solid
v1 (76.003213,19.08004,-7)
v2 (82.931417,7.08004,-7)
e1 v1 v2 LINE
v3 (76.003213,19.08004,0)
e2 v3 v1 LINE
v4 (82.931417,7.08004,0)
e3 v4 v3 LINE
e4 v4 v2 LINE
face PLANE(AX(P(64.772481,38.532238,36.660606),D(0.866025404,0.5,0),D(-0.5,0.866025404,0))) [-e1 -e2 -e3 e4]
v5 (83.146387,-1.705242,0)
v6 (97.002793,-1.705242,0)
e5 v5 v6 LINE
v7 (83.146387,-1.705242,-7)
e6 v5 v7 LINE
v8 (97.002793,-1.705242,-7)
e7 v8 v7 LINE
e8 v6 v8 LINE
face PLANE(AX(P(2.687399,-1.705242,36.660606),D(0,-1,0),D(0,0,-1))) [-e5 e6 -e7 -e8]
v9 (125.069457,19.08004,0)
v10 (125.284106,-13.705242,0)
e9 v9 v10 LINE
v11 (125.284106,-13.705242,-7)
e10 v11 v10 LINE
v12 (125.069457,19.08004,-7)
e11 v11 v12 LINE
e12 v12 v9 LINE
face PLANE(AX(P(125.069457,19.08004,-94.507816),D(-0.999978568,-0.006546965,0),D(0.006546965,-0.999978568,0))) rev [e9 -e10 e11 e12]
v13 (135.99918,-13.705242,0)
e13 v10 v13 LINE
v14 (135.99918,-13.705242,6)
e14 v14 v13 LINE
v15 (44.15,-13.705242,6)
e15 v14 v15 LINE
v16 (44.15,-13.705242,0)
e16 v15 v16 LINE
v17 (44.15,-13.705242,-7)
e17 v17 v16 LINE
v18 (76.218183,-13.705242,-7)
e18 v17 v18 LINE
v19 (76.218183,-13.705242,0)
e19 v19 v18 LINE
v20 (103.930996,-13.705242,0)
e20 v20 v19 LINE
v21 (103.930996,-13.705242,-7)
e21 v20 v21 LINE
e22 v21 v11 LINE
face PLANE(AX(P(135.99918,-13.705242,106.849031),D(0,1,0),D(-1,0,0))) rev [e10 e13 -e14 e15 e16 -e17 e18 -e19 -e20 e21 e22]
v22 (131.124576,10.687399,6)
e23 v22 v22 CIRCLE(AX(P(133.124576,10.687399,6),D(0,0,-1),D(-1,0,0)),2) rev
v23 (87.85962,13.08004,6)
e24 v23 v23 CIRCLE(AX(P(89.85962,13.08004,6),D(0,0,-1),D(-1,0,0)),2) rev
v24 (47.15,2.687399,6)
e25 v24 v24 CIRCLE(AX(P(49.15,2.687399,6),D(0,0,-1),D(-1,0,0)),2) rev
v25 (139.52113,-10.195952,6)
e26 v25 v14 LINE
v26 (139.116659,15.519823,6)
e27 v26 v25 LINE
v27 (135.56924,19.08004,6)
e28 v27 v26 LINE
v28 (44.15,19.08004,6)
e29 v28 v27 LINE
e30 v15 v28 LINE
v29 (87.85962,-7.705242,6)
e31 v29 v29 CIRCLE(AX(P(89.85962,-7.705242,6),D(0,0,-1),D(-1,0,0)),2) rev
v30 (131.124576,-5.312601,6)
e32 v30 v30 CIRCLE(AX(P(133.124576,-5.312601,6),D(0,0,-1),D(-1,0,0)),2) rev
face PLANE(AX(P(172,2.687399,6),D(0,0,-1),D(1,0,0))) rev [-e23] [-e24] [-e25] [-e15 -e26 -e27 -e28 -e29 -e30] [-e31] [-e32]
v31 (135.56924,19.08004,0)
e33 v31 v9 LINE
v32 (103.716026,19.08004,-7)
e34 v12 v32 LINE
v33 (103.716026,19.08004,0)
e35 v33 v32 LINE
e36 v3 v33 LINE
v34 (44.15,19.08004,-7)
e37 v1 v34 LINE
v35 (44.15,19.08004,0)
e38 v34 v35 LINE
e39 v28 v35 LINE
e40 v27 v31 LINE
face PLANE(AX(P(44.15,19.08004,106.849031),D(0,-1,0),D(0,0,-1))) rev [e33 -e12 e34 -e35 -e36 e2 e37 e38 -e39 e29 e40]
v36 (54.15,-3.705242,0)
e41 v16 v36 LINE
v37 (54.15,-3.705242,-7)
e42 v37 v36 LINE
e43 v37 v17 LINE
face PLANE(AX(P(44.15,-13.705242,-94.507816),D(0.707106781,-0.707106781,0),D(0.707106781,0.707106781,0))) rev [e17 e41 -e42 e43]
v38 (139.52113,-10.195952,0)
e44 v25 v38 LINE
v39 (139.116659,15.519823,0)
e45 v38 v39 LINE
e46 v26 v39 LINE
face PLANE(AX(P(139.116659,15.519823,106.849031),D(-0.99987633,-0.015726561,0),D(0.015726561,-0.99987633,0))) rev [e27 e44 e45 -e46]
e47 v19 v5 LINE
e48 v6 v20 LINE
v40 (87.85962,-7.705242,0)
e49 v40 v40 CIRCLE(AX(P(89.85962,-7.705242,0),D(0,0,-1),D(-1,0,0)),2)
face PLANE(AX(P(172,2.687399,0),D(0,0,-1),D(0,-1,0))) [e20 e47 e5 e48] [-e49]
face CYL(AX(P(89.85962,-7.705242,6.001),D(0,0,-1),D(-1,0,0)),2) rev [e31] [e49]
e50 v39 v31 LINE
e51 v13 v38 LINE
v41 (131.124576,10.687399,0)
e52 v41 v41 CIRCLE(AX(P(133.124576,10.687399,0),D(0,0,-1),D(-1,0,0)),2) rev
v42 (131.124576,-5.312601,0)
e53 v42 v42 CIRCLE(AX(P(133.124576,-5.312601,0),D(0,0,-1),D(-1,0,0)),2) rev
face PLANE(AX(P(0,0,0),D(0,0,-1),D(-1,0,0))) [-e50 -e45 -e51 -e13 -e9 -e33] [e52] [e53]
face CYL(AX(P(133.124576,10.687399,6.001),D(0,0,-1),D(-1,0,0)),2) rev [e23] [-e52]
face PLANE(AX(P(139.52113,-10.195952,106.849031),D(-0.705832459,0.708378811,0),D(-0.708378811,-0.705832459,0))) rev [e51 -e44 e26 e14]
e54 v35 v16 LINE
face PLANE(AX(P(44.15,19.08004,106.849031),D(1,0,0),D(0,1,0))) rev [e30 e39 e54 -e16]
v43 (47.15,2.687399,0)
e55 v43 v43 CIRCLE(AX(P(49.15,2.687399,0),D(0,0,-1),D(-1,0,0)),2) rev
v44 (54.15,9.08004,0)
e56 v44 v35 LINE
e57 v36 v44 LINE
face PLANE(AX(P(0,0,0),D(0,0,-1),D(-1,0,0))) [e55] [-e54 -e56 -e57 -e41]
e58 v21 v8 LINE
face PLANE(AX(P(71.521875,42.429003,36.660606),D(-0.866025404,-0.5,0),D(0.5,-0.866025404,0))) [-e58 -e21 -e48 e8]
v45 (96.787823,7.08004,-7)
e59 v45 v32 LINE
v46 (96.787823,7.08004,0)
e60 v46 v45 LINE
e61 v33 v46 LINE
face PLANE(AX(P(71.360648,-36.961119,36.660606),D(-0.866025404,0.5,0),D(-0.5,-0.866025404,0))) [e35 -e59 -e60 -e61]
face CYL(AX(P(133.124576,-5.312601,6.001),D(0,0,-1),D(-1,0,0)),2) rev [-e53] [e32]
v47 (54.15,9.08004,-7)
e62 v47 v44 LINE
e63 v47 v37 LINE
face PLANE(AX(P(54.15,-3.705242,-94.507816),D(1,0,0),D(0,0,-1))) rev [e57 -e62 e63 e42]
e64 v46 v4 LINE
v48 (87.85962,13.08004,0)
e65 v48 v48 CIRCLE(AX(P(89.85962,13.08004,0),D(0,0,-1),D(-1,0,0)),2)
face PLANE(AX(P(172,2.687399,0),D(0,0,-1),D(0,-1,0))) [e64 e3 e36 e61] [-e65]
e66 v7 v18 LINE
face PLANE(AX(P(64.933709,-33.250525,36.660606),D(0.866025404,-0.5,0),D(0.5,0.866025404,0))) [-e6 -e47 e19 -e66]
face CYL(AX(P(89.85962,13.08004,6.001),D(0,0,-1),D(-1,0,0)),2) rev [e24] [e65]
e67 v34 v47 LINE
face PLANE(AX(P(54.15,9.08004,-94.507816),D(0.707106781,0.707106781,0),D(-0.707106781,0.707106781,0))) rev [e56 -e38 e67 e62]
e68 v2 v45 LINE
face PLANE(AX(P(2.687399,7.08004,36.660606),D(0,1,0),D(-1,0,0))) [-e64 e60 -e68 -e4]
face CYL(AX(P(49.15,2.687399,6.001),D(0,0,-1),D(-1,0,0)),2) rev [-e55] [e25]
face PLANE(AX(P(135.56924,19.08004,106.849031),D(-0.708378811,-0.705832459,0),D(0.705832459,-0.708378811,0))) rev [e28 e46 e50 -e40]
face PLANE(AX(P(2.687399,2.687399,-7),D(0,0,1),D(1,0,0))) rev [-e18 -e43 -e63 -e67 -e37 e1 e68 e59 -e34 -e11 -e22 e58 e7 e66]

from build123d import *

# Parameters (mm, degrees)
BOSS_EXTRUDE1_DEPTH = 6
BOSS_EXTRUDE2_DEPTH = 7
CUT_EXTRUDE1_REACH  = 143.419
SKETCH3_R           = 2
CUT_EXTRUDE2_START  = -13
CUT_EXTRUDE2_DEPTH  = 7
CUT_EXTRUDE3_REACH  = 142.994
SKETCH5_R           = 2


with BuildPart() as part:
    # Sketch1 → Boss-Extrude1 (new body)
    with BuildSketch(Plane.XY):
        Polygon((44.15, 19.080039823), (135.5692396, 19.080039823), (139.116658887, 15.519822908), (139.521129618, -10.195951693), (135.999179687, -13.705241552), (44.15, -13.705241552), align=None)
    extrude(amount=BOSS_EXTRUDE1_DEPTH)

    # Sketch2 → Boss-Extrude2 (add)
    with BuildSketch(Plane(origin=(0, 0, 0), x_dir=(-1, 0, 0), z_dir=(0, 0, -1))):
        Polygon((-125.069457212, 19.080039823), (-125.284105894, -13.705241552), (-44.15, -13.705241552), (-54.15, -3.705241552), (-54.15, 9.080039823), (-44.15, 19.080039823), align=None)
    extrude(amount=BOSS_EXTRUDE2_DEPTH)

    # Sketch3 → Cut-Extrude1 (cut, up to next)
    with BuildSketch(Plane(origin=(0, 0, -7), x_dir=(-1, 0, 0), z_dir=(0, 0, -1)), mode=Mode.PRIVATE) as cut_extrude1_sk1:
        with Locations((-133.124576169, 10.687399136)):
            Circle(SKETCH3_R)
    cut_extrude1_tool1 = extrude(cut_extrude1_sk1.sketch, amount=-CUT_EXTRUDE1_REACH, mode=Mode.PRIVATE) & part.part
    # Sketch3 → Cut-Extrude1 (cut, up to next)
    with BuildSketch(Plane(origin=(0, 0, -7), x_dir=(-1, 0, 0), z_dir=(0, 0, -1)), mode=Mode.PRIVATE) as cut_extrude1_sk2:
        with Locations((-133.124576169, -5.312600864)):
            Circle(SKETCH3_R)
    cut_extrude1_tool2 = extrude(cut_extrude1_sk2.sketch, amount=-CUT_EXTRUDE1_REACH, mode=Mode.PRIVATE) & part.part
    # Sketch3 → Cut-Extrude1 (cut, up to next)
    with BuildSketch(Plane(origin=(0, 0, -7), x_dir=(-1, 0, 0), z_dir=(0, 0, -1)), mode=Mode.PRIVATE) as cut_extrude1_sk3:
        with Locations((-49.15, 2.687399136)):
            Circle(SKETCH3_R)
    cut_extrude1_tool3 = extrude(cut_extrude1_sk3.sketch, amount=-CUT_EXTRUDE1_REACH, mode=Mode.PRIVATE) & part.part
    add(cut_extrude1_tool1.solids().sort_by_distance((133.124576, 10.687399, -7))[0], mode=Mode.SUBTRACT)
    add(cut_extrude1_tool2.solids().sort_by_distance((133.124576, -5.312601, -7))[0], mode=Mode.SUBTRACT)
    add(cut_extrude1_tool3.solids().sort_by_distance((49.15, 2.687399, -7))[0], mode=Mode.SUBTRACT)

    # Sketch4 → Cut-Extrude2 (cut)
    with BuildSketch(Plane.XY.offset(6).offset(CUT_EXTRUDE2_START)):
        Polygon((76.218183383, -13.705241552), (83.146386613, -25.705241552), (97.002793074, -25.705241552), (103.930996304, -13.705241552), (97.002793074, -1.705241552), (83.146386613, -1.705241552), align=None)
        Polygon((76.003213339, 19.080039823), (82.93141657, 7.080039823), (96.78782303, 7.080039823), (103.71602626, 19.080039823), (96.78782303, 31.080039823), (82.93141657, 31.080039823), align=None)
    extrude(amount=CUT_EXTRUDE2_DEPTH, mode=Mode.SUBTRACT)

    # Sketch5 → Cut-Extrude3 (cut, up to next)
    with BuildSketch(Plane(origin=(0, 0, 0), x_dir=(-1, 0, 0), z_dir=(0, 0, -1)), mode=Mode.PRIVATE) as cut_extrude3_sk1:
        with Locations((-89.8596198, 13.080039823)):
            Circle(SKETCH5_R)
    cut_extrude3_tool1 = extrude(cut_extrude3_sk1.sketch, amount=-CUT_EXTRUDE3_REACH, mode=Mode.PRIVATE) & part.part
    # Sketch5 → Cut-Extrude3 (cut, up to next)
    with BuildSketch(Plane(origin=(0, 0, 0), x_dir=(-1, 0, 0), z_dir=(0, 0, -1)), mode=Mode.PRIVATE) as cut_extrude3_sk2:
        with Locations((-89.8596198, -7.705241552)):
            Circle(SKETCH5_R)
    cut_extrude3_tool2 = extrude(cut_extrude3_sk2.sketch, amount=-CUT_EXTRUDE3_REACH, mode=Mode.PRIVATE) & part.part
    add(cut_extrude3_tool1.solids().sort_by_distance((89.85962, 13.08004, 0))[0], mode=Mode.SUBTRACT)
    add(cut_extrude3_tool2.solids().sort_by_distance((89.85962, -7.705242, 0))[0], mode=Mode.SUBTRACT)


solid = part.part
